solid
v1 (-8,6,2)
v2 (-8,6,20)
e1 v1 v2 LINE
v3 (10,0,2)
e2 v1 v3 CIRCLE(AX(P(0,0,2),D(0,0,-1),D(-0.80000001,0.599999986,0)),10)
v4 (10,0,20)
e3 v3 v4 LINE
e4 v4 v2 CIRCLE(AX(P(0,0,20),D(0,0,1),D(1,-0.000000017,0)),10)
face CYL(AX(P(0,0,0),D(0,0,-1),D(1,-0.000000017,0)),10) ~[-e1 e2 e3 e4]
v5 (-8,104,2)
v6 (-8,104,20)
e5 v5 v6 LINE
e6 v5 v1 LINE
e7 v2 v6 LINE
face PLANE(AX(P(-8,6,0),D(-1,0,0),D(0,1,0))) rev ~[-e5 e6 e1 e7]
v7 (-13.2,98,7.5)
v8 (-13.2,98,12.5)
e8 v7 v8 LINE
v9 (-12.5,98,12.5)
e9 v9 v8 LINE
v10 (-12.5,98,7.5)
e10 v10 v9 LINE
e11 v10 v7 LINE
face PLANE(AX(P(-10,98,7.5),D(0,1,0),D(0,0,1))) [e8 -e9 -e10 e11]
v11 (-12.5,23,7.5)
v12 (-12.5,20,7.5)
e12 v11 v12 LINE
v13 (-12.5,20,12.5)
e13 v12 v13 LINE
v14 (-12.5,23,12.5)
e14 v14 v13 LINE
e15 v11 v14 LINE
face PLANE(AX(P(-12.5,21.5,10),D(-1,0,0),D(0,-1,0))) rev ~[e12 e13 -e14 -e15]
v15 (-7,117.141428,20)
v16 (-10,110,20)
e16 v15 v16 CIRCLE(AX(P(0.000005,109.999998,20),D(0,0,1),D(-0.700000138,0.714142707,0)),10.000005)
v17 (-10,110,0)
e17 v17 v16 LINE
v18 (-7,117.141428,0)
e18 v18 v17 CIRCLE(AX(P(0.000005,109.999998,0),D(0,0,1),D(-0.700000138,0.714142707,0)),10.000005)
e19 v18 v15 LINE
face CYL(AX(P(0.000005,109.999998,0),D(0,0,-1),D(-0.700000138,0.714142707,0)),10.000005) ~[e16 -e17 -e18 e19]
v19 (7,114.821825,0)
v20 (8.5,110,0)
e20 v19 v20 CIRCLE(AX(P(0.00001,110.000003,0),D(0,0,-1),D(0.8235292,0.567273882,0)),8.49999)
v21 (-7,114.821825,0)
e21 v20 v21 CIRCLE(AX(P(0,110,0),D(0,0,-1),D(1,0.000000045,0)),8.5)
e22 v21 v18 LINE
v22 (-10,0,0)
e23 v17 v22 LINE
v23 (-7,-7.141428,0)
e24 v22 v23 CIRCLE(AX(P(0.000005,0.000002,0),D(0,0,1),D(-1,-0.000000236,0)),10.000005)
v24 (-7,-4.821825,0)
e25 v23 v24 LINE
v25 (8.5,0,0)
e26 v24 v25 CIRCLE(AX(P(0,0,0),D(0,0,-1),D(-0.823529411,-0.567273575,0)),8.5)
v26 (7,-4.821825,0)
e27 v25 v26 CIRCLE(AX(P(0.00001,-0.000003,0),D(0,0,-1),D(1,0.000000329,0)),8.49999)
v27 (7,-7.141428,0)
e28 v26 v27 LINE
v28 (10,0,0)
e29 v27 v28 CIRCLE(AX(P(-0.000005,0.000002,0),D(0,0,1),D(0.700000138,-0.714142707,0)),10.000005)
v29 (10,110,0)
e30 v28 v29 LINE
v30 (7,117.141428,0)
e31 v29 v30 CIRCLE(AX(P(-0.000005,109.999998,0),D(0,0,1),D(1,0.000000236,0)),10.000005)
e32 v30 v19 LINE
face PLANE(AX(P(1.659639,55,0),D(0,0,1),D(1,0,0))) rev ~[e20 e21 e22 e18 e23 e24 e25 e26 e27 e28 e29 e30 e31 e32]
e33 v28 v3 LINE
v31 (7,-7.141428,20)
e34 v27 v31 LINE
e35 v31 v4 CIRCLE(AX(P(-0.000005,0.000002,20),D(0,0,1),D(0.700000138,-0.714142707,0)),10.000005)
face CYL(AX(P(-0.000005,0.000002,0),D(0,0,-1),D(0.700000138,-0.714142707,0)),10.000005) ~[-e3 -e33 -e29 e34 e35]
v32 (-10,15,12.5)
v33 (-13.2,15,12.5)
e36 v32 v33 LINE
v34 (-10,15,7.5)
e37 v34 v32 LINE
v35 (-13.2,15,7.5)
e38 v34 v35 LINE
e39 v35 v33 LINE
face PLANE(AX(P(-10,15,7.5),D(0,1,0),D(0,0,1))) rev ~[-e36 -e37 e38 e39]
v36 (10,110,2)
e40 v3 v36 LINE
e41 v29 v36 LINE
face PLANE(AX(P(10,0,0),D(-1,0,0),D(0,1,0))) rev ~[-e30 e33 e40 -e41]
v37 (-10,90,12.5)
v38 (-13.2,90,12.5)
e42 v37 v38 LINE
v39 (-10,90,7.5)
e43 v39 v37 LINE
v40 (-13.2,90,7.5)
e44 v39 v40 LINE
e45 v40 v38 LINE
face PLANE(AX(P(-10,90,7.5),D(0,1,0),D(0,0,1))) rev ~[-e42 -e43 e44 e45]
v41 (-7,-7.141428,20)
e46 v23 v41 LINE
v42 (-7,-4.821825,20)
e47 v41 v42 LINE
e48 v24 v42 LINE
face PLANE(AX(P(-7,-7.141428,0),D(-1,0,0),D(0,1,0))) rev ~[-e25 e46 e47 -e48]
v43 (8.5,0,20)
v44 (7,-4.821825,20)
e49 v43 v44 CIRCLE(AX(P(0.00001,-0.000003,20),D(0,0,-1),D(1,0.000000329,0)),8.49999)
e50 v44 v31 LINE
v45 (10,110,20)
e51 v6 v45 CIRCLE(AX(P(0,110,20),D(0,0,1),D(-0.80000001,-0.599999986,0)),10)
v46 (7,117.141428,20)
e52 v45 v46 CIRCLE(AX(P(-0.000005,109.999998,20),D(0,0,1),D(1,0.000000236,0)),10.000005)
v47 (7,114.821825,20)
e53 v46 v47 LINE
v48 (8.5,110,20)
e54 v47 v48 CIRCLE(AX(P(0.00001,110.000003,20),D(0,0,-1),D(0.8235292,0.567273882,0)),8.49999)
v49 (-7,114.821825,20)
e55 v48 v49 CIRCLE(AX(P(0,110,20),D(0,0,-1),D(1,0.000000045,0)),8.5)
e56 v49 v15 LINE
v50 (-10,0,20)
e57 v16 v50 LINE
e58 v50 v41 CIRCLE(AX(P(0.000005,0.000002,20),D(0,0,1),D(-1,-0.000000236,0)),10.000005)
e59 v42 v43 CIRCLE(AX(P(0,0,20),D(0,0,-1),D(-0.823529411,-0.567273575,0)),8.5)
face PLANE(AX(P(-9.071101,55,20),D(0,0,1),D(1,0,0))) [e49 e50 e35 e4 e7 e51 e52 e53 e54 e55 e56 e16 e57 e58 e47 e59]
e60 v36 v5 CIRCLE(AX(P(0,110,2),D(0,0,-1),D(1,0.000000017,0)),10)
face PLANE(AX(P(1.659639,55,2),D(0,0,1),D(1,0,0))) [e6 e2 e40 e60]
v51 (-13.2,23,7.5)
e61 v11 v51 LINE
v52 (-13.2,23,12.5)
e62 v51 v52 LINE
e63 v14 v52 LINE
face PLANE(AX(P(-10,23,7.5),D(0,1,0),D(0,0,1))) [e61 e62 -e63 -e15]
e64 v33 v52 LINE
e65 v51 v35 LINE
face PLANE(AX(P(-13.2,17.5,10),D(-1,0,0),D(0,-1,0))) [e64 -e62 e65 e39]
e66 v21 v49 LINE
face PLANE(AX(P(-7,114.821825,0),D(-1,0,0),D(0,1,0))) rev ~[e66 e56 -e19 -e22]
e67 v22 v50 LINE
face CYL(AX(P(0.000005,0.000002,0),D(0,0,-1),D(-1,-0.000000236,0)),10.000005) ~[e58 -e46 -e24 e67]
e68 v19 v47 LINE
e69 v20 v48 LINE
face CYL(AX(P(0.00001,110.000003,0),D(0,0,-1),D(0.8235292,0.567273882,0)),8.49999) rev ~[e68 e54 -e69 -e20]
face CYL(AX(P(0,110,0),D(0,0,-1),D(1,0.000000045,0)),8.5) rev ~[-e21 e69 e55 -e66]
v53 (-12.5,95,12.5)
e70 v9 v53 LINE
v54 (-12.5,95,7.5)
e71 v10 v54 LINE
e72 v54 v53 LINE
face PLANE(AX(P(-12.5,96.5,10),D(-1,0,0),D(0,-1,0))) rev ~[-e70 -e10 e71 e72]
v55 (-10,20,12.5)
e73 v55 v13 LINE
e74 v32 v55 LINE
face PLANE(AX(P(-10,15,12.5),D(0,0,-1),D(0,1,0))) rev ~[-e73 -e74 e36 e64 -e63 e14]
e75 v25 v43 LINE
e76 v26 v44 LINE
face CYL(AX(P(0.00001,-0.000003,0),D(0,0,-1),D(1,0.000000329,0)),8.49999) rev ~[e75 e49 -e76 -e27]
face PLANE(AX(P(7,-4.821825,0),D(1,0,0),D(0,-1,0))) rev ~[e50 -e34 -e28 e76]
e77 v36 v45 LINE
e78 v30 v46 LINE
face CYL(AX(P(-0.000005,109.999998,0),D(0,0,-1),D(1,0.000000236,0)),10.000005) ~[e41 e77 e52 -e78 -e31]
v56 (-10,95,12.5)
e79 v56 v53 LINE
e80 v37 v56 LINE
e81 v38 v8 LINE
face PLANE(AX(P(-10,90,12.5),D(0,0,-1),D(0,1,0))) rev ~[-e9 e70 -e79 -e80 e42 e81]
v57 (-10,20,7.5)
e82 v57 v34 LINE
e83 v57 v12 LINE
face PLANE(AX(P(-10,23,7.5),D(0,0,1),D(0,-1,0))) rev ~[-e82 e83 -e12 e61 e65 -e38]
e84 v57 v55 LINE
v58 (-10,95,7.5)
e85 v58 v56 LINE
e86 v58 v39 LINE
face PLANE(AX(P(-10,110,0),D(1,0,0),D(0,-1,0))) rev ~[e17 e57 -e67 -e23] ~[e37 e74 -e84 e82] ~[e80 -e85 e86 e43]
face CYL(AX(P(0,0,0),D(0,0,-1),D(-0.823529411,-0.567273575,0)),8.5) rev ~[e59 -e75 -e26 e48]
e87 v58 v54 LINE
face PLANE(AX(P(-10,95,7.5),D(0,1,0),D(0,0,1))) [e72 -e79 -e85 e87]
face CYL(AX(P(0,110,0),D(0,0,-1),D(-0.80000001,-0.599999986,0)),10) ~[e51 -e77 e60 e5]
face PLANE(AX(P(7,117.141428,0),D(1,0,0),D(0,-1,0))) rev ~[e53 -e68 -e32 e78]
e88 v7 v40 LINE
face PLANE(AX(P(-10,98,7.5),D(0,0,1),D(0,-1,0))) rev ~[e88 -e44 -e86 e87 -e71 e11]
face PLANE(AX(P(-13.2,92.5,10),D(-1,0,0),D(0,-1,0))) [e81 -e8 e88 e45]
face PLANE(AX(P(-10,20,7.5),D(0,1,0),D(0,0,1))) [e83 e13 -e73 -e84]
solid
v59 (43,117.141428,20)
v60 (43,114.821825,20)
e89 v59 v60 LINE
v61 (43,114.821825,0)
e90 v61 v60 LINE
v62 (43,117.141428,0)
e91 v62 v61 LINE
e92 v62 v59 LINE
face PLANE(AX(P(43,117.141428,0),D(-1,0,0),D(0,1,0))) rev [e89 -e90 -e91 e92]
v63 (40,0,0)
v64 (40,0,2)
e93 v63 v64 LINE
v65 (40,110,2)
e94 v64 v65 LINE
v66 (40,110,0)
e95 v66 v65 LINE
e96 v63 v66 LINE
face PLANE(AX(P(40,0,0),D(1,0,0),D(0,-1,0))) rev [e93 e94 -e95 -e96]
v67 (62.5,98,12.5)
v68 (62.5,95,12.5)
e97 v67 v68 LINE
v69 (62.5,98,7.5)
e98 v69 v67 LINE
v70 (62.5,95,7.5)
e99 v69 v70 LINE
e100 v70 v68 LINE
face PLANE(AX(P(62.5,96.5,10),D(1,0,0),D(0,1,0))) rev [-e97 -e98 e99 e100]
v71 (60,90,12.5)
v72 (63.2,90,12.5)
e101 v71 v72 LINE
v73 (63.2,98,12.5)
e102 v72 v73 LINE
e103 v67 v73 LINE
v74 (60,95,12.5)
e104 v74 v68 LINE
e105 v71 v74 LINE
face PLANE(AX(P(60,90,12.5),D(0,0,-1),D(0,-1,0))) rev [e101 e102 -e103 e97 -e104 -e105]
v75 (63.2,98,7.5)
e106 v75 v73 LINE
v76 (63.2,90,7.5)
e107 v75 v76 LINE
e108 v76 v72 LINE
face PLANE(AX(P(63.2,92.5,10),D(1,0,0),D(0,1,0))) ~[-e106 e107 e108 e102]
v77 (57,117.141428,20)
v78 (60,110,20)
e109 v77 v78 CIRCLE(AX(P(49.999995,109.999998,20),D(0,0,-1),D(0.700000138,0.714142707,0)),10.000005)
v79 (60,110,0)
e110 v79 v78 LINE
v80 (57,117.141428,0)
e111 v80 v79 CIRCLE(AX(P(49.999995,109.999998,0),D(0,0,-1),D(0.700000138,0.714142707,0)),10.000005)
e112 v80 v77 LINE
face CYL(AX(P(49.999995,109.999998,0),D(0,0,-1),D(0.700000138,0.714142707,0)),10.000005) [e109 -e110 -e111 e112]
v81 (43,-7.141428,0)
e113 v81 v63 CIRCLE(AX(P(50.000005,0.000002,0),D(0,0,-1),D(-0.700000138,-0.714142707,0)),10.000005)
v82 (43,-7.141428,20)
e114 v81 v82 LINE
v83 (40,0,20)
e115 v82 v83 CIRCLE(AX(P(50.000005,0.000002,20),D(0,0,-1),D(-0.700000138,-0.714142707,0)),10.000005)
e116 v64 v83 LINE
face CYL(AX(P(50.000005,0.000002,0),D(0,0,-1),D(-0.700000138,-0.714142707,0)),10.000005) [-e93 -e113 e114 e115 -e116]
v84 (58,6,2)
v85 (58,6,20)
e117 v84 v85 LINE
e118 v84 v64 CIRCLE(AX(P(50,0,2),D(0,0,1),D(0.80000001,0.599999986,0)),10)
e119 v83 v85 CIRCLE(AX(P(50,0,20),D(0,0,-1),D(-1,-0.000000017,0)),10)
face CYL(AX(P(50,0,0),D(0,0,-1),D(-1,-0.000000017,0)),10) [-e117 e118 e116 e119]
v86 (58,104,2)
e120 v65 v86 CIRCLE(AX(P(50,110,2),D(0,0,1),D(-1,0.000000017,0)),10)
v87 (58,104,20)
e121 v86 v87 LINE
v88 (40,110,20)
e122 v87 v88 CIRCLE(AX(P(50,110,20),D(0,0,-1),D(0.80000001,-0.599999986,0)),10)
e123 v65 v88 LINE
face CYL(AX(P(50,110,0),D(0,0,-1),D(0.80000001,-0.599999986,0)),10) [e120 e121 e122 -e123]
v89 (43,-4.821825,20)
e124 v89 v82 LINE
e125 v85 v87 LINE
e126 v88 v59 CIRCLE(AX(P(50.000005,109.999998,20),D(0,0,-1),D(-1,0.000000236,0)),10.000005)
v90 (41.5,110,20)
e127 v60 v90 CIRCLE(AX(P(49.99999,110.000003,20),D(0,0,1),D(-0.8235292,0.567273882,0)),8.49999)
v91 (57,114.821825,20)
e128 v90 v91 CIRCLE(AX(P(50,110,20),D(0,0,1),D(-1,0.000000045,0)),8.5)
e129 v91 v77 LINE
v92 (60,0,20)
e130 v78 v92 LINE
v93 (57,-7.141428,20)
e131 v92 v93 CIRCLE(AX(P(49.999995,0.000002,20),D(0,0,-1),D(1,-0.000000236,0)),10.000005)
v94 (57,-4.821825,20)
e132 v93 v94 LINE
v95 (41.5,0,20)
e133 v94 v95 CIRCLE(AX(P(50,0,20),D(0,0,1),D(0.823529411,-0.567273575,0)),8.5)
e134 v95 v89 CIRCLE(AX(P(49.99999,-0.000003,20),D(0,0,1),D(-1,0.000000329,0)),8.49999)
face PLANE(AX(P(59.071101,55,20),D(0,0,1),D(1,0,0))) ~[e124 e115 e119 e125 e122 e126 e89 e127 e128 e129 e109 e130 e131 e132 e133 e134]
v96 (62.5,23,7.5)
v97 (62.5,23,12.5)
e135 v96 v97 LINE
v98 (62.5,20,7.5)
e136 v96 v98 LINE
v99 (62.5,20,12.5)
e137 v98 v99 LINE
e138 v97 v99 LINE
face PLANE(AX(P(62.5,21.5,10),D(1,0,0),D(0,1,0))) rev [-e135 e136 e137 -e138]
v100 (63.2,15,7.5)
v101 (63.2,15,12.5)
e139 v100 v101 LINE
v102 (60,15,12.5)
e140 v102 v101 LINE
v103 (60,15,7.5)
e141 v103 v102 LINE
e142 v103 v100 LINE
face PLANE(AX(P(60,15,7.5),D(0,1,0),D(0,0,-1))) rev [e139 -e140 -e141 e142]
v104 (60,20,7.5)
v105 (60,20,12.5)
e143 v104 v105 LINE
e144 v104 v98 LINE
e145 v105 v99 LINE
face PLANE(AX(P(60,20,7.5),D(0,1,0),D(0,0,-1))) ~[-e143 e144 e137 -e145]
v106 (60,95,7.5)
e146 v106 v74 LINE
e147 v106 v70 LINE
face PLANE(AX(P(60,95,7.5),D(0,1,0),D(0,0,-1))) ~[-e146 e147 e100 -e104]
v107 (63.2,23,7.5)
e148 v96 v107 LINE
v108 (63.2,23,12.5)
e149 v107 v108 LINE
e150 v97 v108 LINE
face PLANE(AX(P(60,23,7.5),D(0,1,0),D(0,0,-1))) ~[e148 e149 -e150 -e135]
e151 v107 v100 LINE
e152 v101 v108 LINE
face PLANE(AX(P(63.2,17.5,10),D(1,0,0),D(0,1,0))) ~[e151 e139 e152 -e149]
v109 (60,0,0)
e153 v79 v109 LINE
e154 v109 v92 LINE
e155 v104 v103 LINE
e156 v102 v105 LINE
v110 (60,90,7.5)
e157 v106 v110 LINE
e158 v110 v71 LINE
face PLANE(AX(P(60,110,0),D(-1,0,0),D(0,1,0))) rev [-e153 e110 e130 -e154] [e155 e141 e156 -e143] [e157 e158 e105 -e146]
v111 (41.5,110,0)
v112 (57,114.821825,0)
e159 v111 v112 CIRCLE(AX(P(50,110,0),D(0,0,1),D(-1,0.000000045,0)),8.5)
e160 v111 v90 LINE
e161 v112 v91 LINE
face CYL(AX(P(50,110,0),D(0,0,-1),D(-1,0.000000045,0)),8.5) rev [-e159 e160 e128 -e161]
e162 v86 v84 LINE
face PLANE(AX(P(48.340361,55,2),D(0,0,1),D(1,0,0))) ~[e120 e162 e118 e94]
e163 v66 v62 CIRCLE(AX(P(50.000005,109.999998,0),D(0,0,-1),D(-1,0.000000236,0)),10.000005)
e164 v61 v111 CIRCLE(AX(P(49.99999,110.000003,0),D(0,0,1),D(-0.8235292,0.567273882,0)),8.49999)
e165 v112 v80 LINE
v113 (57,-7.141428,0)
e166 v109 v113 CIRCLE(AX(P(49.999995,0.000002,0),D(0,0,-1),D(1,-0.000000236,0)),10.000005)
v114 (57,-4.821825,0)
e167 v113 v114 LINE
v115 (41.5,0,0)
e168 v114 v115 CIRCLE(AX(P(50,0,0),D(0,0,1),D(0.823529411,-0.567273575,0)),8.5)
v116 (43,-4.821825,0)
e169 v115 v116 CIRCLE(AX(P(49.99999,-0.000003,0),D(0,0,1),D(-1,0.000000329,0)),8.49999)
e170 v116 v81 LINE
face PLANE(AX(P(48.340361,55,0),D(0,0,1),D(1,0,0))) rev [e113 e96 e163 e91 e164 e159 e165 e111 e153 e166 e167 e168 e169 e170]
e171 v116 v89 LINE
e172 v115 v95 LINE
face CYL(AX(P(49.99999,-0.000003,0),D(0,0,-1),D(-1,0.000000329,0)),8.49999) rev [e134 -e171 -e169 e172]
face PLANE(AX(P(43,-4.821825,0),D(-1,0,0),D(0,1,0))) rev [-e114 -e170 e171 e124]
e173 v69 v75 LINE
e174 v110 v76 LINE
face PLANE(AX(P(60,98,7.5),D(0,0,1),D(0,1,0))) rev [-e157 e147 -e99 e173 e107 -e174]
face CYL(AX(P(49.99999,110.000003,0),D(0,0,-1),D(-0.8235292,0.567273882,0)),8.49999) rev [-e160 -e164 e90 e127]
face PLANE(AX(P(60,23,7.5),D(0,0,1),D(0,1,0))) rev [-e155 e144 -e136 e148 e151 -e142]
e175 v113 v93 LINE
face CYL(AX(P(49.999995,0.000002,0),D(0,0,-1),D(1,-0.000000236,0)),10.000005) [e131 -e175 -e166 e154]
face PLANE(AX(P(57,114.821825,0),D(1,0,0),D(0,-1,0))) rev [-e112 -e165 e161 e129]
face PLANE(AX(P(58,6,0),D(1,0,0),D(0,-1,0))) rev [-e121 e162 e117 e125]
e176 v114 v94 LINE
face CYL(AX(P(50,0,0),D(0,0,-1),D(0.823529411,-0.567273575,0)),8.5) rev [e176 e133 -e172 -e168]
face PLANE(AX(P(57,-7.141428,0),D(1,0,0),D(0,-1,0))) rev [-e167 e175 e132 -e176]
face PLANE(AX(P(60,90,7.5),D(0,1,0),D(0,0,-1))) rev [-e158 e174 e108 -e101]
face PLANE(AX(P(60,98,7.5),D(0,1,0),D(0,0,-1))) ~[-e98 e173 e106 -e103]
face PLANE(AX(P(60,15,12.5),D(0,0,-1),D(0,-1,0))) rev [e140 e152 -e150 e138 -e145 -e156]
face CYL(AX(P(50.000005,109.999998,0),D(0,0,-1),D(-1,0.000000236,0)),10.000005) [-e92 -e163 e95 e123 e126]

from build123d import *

# Parameters (mm, degrees)
F1_DEPTH = 20
F2_DEPTH = 2
F3_W     = 5
F3_H     = 5
F3_W_2   = 3
F4_DEPTH = 3.2
F5_DEPTH = 2.5


with BuildPart() as f1:
    # F0 (on Top) → F1 (new body)
    with BuildSketch(Plane.XY):
        with BuildLine():
            ThreePointArc((-10, 0), (-9.486833, 3.162278), (-8, 6))
            Line((-8, 6), (-8, 104))
            ThreePointArc((-8, 104), (-9.486833, 106.837722), (-10, 110))
            Line((-10, 110), (-10, 0))
        make_face()
        with BuildLine():
            ThreePointArc((-8, 104), (3.162278, 100.513167), (10, 110))
            ThreePointArc((10, 110), (9.219544, 113.872983), (7, 117.141428))
            Line((7, 117.141428), (7, 114.821825))
            ThreePointArc((7, 114.821825), (8.116342, 112.524876), (8.5, 110))
            ThreePointArc((8.5, 110), (-2.524876, 101.883658), (-7, 114.821825))
            Line((-7, 114.821825), (-7, 117.141428))
            ThreePointArc((-7, 117.141428), (-9.219544, 113.872983), (-10, 110))
            ThreePointArc((-10, 110), (-9.486833, 106.837722), (-8, 104))
        make_face()
        with BuildLine():
            ThreePointArc((7, -7.141428), (9.219544, -3.872983), (10, 0))
            ThreePointArc((10, 0), (3.162278, 9.486833), (-8, 6))
            ThreePointArc((-8, 6), (-9.486833, 3.162278), (-10, 0))
            ThreePointArc((-10, 0), (-9.219544, -3.872983), (-7, -7.141428))
            Line((-7, -7.141428), (-7, -4.821825))
            ThreePointArc((-7, -4.821825), (-2.524876, 8.116342), (8.5, 0))
            ThreePointArc((8.5, 0), (8.116342, -2.524876), (7, -4.821825))
            Line((7, -4.821825), (7, -7.141428))
        make_face()
    extrude(amount=F1_DEPTH)

    # F0 (on Top) → F2 (join)
    with BuildSketch(Plane.XY):
        with BuildLine():
            ThreePointArc((-8, 6), (3.162278, 9.486833), (10, 0))
            Line((10, 0), (10, 110))
            ThreePointArc((10, 110), (3.162278, 100.513167), (-8, 104))
            Line((-8, 104), (-8, 6))
        make_face()
    extrude(amount=F2_DEPTH)

    # F3 (on face) → F4 (join)
    with BuildSketch(Plane(origin=(-10, 0, 0), x_dir=(0, -1, 0), z_dir=(-1, 0, 0))):
        with Locations((-92.5, 10)):
            Rectangle(F3_W, F3_H)
        with Locations((-17.5, 10)):
            Rectangle(F3_W, F3_H)
        with Locations((-96.5, 10)):
            Rectangle(F3_W_2, F3_H)
        with Locations((-21.5, 10)):
            Rectangle(F3_W_2, F3_H)
    extrude(amount=F4_DEPTH)

    # F3 (on face) → F5 (cut)
    with BuildSketch(Plane(origin=(-10, 0, 0), x_dir=(0, -1, 0), z_dir=(-1, 0, 0))):
        with Locations((-96.5, 10)):
            Rectangle(F3_W_2, F3_H)
        with Locations((-21.5, 10)):
            Rectangle(F3_W_2, F3_H)
    extrude(amount=F5_DEPTH, mode=Mode.SUBTRACT)


with BuildPart() as f7_1:
    # F7: instance of F1
    add(f1.part.mirror(Plane.YZ.offset(25)))


solid = Compound([f1.part, f7_1.part])
